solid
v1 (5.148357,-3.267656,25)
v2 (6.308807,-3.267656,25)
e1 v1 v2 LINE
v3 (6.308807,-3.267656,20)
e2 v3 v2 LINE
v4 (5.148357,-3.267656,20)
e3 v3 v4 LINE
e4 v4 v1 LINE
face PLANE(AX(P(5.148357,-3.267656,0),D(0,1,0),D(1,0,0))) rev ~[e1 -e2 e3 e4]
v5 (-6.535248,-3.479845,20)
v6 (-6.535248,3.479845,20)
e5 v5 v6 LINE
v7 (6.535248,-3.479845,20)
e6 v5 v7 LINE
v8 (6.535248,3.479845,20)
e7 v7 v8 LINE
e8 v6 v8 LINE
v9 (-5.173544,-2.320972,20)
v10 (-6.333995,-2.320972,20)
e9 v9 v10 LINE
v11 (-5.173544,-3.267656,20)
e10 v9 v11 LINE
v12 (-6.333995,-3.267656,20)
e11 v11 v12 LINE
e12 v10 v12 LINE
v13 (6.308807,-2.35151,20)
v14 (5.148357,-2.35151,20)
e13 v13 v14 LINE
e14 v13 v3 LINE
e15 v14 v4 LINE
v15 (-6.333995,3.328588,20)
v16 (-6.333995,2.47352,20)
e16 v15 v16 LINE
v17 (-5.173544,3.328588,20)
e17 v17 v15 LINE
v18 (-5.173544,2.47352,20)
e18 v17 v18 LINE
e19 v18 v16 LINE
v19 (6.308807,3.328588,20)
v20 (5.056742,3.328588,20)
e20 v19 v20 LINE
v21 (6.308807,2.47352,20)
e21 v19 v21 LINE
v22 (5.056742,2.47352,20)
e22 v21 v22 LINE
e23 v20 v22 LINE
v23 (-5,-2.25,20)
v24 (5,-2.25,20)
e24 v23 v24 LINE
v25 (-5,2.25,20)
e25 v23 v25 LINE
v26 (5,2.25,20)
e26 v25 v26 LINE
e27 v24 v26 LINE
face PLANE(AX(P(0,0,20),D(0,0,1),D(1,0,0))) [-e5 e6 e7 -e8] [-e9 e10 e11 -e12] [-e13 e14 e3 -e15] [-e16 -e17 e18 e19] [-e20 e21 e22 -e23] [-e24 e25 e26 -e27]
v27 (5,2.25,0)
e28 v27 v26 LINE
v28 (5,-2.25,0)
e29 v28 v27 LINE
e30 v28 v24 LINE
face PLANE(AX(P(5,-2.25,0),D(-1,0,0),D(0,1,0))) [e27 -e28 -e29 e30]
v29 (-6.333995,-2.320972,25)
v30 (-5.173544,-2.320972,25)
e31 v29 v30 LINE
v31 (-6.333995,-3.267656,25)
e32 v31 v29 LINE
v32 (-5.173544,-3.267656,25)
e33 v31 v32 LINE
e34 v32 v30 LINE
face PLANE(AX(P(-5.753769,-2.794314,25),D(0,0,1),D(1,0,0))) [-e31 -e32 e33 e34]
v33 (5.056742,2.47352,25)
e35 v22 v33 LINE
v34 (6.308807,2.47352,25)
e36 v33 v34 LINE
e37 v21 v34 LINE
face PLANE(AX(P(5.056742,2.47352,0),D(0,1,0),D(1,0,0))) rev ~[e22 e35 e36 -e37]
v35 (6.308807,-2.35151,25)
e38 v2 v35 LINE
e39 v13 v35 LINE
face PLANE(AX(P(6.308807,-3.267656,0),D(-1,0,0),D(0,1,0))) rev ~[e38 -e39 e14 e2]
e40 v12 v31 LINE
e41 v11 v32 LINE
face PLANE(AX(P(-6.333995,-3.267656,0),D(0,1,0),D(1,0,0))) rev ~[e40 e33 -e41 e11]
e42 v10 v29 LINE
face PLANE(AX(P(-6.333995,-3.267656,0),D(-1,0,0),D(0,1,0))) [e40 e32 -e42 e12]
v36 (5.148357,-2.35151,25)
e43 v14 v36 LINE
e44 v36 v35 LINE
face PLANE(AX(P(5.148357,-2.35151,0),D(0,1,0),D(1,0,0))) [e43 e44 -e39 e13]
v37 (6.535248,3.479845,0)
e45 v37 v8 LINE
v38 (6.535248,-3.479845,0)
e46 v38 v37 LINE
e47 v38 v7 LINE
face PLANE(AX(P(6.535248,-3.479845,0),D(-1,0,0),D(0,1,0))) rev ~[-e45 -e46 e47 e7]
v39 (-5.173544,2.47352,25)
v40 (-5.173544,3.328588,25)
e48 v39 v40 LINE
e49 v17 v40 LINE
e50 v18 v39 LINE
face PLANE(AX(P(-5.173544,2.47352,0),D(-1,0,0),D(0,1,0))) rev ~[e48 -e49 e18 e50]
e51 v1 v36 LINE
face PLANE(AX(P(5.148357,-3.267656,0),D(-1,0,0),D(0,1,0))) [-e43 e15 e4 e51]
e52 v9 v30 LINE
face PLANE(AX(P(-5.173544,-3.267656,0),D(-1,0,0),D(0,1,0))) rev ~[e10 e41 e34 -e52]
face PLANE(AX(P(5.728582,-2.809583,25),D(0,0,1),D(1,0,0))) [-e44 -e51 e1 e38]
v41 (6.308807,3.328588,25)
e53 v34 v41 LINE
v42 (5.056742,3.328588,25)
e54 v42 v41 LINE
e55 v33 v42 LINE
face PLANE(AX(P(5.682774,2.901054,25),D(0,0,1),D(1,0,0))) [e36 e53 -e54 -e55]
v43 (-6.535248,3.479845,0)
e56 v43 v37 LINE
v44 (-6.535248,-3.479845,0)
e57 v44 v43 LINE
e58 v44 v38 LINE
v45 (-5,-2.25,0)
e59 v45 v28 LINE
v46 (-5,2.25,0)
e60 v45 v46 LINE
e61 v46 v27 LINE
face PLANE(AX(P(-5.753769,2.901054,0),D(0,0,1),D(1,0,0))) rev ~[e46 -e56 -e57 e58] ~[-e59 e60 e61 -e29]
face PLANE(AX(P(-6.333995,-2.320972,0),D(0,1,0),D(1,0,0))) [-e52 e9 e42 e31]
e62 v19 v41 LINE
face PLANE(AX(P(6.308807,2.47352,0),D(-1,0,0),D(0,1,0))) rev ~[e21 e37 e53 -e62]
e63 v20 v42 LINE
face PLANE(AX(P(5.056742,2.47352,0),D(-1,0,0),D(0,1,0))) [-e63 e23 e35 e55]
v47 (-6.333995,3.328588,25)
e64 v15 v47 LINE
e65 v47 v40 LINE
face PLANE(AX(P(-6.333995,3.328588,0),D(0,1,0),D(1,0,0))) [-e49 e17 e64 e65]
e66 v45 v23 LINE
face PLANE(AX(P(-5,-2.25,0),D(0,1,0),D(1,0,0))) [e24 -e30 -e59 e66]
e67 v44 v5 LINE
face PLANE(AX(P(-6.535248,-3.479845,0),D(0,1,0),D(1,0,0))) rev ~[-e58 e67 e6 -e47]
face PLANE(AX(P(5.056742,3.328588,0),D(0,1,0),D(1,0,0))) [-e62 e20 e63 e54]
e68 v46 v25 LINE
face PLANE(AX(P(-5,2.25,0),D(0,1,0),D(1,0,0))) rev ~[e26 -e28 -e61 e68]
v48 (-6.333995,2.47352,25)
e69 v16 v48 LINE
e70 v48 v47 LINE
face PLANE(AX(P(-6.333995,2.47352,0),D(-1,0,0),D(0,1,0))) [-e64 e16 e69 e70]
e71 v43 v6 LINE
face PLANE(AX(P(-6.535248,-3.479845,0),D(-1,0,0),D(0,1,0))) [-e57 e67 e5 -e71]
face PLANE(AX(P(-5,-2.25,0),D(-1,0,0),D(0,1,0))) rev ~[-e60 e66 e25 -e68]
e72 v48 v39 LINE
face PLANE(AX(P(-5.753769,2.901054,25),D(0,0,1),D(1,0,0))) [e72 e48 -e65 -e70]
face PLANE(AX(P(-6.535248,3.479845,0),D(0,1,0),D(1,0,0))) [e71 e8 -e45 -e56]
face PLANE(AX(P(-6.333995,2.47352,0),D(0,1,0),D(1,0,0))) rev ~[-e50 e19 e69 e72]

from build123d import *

# Parameters (mm, degrees)
F0_W     = 13.070496
F0_H     = 6.95969
F0_W_2   = 10
F0_H_2   = 4.5
F1_DEPTH = 20
F2_W     = 1.160451
F2_H     = 0.855069
F2_H_2   = 0.946683
F2_W_2   = 1.16045
F2_H_3   = 0.916145
F2_W_3   = 1.252065
F3_DEPTH = 25


with BuildPart() as f1:
    # F0 (on Top) → F1 (new body)
    with BuildSketch(Plane.XY):
        Rectangle(F0_W, F0_H)
        Rectangle(F0_W_2, F0_H_2, mode=Mode.SUBTRACT)
    extrude(amount=F1_DEPTH)

    # F2 (on Top) → F3 (join)
    with BuildSketch(Plane.XY):
        with Locations((-5.753769, 2.901054)):
            Rectangle(F2_W, F2_H)
        with Locations((-5.753769, -2.794314)):
            Rectangle(F2_W, F2_H_2)
        with Locations((5.728582, -2.809583)):
            Rectangle(F2_W_2, F2_H_3)
        with Locations((5.682774, 2.901054)):
            Rectangle(F2_W_3, F2_H)
    extrude(amount=F3_DEPTH)


solid = f1.part
